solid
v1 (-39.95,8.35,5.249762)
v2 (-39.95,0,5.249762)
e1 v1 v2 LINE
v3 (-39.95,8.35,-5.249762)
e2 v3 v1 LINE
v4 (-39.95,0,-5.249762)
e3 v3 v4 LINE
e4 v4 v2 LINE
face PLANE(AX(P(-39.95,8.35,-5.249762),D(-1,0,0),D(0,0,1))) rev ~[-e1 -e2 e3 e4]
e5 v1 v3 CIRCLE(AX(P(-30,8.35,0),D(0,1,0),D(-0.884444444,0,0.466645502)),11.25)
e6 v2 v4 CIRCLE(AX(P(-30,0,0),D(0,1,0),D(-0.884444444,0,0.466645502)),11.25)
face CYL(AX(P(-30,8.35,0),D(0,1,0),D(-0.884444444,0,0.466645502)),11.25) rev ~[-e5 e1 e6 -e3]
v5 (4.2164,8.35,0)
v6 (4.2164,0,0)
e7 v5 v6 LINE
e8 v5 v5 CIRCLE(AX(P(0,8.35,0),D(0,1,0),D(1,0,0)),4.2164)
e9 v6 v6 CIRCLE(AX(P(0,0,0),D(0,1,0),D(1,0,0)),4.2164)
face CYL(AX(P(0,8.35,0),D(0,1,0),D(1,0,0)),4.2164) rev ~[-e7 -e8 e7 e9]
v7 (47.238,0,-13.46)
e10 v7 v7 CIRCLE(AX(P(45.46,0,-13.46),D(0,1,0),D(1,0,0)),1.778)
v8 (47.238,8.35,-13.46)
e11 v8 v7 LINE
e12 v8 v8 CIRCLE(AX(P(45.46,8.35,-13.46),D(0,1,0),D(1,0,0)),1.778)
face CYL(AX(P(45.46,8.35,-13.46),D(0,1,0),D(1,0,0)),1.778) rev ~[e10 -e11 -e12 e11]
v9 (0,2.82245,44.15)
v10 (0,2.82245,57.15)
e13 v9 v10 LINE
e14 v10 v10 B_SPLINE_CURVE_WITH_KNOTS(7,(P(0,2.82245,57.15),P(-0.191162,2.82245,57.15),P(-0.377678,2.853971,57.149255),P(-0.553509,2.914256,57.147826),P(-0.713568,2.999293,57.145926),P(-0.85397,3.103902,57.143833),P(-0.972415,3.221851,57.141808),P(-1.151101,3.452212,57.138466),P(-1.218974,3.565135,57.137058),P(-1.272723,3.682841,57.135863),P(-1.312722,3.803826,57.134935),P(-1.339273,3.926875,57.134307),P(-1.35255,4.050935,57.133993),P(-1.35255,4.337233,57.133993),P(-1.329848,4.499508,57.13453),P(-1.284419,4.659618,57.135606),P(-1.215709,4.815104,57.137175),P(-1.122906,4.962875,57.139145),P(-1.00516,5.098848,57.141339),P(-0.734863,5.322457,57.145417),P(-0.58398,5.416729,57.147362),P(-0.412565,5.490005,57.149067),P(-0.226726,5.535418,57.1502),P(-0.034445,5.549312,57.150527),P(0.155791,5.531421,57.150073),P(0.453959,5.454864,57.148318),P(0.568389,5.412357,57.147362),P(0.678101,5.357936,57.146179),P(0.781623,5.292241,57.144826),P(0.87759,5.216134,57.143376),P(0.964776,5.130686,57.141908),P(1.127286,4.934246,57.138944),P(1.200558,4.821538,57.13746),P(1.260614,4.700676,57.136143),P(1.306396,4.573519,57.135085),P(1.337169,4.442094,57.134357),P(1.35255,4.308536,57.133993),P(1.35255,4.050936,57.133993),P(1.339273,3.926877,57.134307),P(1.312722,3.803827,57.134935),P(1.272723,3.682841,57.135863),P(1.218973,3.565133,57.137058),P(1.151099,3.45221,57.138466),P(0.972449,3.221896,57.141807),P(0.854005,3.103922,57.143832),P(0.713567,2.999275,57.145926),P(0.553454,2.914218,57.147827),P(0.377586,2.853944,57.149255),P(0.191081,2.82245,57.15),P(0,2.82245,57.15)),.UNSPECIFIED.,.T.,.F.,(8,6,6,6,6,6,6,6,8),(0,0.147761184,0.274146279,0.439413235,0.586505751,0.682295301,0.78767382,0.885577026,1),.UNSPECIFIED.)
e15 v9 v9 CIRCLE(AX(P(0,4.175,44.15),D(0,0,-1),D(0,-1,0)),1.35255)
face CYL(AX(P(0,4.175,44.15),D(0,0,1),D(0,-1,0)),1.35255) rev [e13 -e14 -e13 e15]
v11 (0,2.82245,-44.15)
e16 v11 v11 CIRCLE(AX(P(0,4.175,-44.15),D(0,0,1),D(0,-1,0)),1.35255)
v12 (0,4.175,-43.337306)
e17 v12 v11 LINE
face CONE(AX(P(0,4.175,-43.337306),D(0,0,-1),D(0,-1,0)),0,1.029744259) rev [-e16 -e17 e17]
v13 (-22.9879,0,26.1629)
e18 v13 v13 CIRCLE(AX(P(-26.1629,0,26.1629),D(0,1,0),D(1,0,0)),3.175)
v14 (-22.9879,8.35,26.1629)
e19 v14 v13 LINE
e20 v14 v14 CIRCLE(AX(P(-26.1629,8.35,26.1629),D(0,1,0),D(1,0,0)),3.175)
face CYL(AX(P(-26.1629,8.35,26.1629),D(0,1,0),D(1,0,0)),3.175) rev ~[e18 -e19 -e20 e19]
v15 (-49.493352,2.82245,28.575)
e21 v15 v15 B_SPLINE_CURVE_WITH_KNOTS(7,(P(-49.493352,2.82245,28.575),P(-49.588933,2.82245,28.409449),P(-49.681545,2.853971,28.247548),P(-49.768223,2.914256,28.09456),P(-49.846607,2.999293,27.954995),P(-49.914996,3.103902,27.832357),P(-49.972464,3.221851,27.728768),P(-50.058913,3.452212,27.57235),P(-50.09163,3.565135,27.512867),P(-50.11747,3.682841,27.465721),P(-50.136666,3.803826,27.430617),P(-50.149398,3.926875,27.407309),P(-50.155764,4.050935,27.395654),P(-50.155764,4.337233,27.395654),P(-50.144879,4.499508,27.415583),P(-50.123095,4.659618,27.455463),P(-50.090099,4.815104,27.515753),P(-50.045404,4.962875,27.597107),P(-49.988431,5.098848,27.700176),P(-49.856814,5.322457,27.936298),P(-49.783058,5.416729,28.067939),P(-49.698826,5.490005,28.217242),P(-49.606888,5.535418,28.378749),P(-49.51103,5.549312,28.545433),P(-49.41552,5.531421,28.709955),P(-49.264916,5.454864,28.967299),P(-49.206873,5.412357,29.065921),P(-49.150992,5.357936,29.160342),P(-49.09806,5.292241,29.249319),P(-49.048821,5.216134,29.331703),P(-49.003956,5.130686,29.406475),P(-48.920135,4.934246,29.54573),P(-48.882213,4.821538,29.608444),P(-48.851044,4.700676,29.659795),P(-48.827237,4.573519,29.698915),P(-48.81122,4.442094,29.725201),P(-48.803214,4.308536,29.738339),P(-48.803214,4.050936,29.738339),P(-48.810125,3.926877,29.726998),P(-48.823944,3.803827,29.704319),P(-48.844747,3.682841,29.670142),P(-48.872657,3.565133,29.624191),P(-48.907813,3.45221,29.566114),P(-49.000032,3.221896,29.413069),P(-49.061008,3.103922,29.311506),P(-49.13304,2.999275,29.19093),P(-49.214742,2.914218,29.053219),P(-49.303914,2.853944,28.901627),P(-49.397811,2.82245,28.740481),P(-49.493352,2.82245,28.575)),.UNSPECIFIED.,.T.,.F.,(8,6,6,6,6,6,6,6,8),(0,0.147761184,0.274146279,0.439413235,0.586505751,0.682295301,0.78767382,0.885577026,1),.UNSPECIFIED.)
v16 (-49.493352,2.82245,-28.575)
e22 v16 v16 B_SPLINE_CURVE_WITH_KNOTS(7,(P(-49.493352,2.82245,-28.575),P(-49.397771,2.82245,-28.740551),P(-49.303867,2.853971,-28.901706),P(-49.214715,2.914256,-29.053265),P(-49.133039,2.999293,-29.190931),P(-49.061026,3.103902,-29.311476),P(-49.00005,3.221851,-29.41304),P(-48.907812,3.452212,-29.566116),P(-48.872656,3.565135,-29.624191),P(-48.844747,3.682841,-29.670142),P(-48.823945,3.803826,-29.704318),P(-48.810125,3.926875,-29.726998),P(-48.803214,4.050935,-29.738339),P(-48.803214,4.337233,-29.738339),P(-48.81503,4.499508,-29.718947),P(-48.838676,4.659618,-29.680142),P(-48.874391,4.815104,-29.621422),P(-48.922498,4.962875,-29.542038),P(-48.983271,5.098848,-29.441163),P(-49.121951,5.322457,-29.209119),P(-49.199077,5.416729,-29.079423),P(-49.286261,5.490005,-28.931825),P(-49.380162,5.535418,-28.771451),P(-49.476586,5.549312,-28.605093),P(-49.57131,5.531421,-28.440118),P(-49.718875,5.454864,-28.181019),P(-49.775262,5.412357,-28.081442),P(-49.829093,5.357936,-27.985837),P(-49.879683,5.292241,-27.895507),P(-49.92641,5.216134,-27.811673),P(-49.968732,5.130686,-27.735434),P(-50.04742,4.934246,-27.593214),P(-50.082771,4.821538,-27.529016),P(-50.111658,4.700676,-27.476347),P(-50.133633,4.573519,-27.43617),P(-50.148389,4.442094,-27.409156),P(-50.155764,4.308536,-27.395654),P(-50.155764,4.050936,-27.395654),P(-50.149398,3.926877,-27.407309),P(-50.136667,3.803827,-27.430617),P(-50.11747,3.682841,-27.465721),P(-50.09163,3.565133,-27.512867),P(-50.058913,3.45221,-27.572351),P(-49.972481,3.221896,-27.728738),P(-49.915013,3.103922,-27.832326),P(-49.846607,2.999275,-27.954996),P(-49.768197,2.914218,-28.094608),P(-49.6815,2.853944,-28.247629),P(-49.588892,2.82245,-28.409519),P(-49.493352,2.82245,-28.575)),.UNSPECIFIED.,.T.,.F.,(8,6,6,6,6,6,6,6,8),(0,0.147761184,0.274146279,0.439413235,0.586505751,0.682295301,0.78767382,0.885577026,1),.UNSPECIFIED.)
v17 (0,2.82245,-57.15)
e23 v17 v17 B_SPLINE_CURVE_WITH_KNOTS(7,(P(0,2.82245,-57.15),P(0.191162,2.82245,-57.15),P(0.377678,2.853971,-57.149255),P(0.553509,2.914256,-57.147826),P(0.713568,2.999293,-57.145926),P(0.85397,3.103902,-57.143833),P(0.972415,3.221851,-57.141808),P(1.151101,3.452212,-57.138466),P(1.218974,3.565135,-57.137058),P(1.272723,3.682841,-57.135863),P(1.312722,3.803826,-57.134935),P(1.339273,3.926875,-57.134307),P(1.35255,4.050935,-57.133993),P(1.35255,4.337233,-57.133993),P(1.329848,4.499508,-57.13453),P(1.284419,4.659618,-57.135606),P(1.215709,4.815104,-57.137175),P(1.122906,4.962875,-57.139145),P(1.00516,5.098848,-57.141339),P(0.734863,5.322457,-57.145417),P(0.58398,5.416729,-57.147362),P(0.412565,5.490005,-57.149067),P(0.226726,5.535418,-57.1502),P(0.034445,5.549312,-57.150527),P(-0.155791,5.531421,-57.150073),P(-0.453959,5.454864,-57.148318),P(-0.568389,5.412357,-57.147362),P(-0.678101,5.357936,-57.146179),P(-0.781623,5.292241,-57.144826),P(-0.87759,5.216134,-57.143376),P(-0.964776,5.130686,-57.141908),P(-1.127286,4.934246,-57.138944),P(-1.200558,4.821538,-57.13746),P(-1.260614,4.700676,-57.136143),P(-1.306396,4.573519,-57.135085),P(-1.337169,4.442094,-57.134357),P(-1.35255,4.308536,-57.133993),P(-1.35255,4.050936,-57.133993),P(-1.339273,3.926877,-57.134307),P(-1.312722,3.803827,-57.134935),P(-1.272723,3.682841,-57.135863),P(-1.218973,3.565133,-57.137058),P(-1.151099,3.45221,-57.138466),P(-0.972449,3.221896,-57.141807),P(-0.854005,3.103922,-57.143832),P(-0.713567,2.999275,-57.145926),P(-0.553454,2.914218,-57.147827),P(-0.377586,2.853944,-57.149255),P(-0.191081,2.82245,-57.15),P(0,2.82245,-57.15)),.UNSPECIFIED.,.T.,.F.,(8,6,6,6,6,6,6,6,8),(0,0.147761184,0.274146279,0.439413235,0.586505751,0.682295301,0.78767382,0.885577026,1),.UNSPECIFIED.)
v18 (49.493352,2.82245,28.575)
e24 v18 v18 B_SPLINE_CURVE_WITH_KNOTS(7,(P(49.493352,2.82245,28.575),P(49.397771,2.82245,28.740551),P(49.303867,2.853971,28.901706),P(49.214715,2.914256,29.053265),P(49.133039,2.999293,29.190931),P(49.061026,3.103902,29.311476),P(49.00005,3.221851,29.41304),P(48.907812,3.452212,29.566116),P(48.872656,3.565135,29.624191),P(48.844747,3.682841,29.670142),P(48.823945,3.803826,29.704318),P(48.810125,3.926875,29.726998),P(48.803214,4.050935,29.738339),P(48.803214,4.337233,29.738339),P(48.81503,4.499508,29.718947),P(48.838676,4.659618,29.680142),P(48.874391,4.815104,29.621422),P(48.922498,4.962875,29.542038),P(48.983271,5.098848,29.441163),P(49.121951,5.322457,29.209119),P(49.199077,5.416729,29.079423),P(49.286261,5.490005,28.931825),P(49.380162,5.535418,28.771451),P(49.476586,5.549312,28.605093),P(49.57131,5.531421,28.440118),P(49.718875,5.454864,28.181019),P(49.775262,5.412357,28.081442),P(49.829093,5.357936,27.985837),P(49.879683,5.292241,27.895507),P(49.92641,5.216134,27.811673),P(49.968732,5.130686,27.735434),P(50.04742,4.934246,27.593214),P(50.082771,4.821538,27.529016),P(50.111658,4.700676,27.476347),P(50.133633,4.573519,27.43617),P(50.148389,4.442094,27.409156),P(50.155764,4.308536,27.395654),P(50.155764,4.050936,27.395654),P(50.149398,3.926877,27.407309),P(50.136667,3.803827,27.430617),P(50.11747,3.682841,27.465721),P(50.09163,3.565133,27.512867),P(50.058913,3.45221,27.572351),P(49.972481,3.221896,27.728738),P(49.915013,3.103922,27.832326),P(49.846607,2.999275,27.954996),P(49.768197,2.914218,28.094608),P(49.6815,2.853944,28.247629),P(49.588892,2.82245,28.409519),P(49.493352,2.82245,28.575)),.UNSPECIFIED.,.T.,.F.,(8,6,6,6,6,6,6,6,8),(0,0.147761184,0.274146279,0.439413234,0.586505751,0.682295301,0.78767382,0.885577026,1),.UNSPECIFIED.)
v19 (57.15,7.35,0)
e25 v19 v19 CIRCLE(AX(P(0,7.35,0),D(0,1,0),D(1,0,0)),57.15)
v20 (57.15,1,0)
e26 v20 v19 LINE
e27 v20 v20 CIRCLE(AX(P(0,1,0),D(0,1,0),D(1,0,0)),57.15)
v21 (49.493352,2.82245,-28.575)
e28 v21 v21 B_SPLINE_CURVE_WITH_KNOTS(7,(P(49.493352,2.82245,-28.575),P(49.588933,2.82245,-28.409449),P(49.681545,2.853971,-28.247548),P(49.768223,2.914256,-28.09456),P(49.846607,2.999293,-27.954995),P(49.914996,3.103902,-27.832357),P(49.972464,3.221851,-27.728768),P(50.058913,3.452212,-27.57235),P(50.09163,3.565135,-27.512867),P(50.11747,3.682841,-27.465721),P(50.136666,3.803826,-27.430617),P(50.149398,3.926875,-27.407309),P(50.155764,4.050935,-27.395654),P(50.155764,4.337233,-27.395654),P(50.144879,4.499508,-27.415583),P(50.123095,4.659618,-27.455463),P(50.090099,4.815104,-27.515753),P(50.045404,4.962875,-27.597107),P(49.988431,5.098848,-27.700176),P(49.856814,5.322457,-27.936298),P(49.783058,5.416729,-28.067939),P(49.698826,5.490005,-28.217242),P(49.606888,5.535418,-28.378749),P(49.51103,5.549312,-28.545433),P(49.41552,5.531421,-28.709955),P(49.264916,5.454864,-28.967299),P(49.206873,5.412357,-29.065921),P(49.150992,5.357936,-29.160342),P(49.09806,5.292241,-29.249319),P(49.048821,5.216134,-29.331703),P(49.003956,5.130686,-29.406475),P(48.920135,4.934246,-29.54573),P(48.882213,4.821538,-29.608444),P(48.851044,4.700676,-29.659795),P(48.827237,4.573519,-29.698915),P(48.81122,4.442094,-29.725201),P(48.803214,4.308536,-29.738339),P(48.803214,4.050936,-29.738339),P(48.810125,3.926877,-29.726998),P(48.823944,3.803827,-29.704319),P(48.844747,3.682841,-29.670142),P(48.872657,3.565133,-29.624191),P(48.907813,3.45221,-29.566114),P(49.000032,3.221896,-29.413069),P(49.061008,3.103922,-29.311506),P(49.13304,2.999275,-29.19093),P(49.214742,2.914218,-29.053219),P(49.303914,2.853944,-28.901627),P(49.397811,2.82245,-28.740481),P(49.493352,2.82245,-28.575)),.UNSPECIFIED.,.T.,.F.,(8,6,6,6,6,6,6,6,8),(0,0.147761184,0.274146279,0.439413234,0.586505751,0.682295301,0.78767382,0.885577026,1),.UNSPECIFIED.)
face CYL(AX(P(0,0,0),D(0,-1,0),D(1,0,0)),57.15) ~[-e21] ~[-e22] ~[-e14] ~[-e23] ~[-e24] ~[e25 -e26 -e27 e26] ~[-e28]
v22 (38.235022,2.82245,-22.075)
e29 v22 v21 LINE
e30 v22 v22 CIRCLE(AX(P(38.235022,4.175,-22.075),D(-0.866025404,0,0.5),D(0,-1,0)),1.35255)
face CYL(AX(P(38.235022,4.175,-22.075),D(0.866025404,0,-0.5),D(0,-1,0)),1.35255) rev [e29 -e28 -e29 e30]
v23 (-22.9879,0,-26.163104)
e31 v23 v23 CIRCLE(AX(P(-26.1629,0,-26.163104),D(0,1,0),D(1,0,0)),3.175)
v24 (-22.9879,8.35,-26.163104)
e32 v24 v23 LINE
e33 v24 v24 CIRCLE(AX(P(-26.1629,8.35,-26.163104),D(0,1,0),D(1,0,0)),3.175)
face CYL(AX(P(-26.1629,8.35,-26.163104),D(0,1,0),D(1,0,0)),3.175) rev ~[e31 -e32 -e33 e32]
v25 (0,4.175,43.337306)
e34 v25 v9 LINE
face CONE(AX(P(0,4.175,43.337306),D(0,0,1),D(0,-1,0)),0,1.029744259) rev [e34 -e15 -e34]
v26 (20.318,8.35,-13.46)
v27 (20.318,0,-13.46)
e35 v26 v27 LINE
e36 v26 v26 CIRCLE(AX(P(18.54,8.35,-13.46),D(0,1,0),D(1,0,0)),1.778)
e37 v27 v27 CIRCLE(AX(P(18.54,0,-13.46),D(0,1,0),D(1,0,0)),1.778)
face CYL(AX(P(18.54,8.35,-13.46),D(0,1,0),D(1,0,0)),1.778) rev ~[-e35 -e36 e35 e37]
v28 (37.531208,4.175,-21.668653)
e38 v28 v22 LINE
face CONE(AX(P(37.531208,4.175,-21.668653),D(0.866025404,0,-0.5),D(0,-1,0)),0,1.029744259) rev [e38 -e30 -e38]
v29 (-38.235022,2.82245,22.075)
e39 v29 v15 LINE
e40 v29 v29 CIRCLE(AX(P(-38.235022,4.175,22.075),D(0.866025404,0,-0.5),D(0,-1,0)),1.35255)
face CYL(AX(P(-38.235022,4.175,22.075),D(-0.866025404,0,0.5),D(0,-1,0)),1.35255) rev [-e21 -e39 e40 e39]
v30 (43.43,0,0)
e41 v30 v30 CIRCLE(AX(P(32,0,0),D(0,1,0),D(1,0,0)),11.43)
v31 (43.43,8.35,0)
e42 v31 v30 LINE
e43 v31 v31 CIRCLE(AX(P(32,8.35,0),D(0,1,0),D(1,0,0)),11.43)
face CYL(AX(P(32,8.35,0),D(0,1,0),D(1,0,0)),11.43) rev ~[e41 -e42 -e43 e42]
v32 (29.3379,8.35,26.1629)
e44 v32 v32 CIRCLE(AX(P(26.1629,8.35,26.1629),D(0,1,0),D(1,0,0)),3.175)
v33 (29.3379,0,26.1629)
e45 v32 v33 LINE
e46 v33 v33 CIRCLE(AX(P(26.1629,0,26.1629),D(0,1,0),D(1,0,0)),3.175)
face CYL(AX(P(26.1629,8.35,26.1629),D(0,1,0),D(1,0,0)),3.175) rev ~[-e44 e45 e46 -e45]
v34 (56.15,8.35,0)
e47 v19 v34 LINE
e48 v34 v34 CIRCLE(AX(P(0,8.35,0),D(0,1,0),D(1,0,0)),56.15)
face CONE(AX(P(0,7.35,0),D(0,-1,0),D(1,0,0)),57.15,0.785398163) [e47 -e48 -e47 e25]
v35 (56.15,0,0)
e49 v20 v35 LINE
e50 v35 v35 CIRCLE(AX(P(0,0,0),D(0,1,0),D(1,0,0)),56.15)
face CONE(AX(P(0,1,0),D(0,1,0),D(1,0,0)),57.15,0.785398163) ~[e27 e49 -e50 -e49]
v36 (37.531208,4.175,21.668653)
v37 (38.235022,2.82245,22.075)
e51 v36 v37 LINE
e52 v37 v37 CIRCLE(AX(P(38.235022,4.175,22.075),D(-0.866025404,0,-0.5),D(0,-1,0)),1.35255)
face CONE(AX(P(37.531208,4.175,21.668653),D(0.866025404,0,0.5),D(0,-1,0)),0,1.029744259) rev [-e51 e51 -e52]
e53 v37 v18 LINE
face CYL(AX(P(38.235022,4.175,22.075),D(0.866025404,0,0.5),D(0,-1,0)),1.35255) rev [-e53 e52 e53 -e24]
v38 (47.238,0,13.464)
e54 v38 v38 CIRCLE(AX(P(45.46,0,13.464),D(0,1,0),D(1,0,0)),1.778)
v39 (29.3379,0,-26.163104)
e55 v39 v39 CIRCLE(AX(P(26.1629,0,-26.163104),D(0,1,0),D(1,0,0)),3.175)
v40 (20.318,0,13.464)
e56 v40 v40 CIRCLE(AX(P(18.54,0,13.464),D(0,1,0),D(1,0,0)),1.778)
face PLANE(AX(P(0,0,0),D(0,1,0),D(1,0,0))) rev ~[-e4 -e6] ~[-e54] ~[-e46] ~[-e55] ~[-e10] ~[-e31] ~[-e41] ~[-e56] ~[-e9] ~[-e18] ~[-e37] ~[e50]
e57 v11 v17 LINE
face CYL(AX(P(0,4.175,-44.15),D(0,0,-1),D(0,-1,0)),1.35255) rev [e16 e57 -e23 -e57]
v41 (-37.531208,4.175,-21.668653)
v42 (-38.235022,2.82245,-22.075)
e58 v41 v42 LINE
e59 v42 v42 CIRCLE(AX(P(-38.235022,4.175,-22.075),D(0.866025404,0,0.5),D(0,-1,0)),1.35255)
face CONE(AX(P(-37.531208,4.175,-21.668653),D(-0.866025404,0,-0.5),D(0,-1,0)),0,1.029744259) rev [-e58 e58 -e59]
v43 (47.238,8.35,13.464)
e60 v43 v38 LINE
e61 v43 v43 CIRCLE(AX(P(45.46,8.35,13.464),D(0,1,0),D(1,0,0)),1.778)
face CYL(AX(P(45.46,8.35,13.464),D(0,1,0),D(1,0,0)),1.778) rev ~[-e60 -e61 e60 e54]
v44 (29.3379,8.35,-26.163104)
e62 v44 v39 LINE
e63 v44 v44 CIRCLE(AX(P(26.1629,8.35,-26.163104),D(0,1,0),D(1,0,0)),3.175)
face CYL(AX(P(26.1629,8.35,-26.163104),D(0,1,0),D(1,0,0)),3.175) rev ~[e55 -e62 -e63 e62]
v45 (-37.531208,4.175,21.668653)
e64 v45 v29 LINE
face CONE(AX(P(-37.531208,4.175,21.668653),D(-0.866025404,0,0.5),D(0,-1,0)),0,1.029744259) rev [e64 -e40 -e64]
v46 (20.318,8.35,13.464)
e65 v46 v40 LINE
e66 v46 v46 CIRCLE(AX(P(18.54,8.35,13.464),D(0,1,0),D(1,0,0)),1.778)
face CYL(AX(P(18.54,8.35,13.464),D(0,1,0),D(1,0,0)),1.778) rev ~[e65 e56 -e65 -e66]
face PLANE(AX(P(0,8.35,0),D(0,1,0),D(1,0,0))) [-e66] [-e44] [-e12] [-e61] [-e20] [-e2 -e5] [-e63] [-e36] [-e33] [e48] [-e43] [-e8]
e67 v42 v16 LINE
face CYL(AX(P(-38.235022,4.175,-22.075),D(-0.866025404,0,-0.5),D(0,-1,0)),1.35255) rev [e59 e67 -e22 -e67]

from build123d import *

# Parameters (mm, degrees)
SKETCH2_R           = 57.15
BOSS_EXTRUDE1_DEPTH = 8.35
CUT_EXTRUDE1_REACH  = 10.35
SKETCH6_R           = 3.175
SKETCH7_R           = 11.43
SKETCH7_R_2         = 1.778
CUT_EXTRUDE2_DEPTH  = 9.35
SKETCH8_R           = 4.2164
CUT_EXTRUDE3_DEPTH  = 9.35
CHAMFER1_SIZE       = 1
CIRPATTERN1_COUNT   = 6


with BuildPart() as part:
    # Sketch2 → Boss-Extrude1 (new body)
    with BuildSketch(Plane(origin=(0, 0, 0), x_dir=(1, 0, 0), z_dir=(0, 1, 0))):
        Circle(SKETCH2_R)
    extrude(amount=BOSS_EXTRUDE1_DEPTH)

    # Sketch6 → Cut-Extrude1 (cut, up to next)
    with BuildSketch(Plane(origin=(0, 8.35, 0), x_dir=(1, 0, 0), z_dir=(0, 1, 0)), mode=Mode.PRIVATE) as cut_extrude1_sk1:
        with Locations((-26.1629, -26.1629)):
            Circle(SKETCH6_R)
    cut_extrude1_tool1 = extrude(cut_extrude1_sk1.sketch, amount=-CUT_EXTRUDE1_REACH, mode=Mode.PRIVATE) & part.part
    add(cut_extrude1_tool1.solids().sort_by_distance((-26.1629, 8.35, 26.1629))[0], mode=Mode.SUBTRACT)
    # Sketch6 → Cut-Extrude1 (cut, up to next)
    with BuildSketch(Plane(origin=(0, 8.35, 0), x_dir=(1, 0, 0), z_dir=(0, 1, 0)), mode=Mode.PRIVATE) as cut_extrude1_sk2:
        with Locations((26.1629, -26.1629)):
            Circle(SKETCH6_R)
    cut_extrude1_tool2 = extrude(cut_extrude1_sk2.sketch, amount=-CUT_EXTRUDE1_REACH, mode=Mode.PRIVATE) & part.part
    add(cut_extrude1_tool2.solids().sort_by_distance((26.1629, 8.35, 26.1629))[0], mode=Mode.SUBTRACT)
    # Sketch6 → Cut-Extrude1 (cut, up to next)
    with BuildSketch(Plane(origin=(0, 8.35, 0), x_dir=(1, 0, 0), z_dir=(0, 1, 0)), mode=Mode.PRIVATE) as cut_extrude1_sk3:
        with Locations((-26.1629, 26.163103615)):
            Circle(SKETCH6_R)
    cut_extrude1_tool3 = extrude(cut_extrude1_sk3.sketch, amount=-CUT_EXTRUDE1_REACH, mode=Mode.PRIVATE) & part.part
    add(cut_extrude1_tool3.solids().sort_by_distance((-26.1629, 8.35, -26.163104))[0], mode=Mode.SUBTRACT)
    # Sketch6 → Cut-Extrude1 (cut, up to next)
    with BuildSketch(Plane(origin=(0, 8.35, 0), x_dir=(1, 0, 0), z_dir=(0, 1, 0)), mode=Mode.PRIVATE) as cut_extrude1_sk4:
        with Locations((26.1629, 26.163103615)):
            Circle(SKETCH6_R)
    cut_extrude1_tool4 = extrude(cut_extrude1_sk4.sketch, amount=-CUT_EXTRUDE1_REACH, mode=Mode.PRIVATE) & part.part
    add(cut_extrude1_tool4.solids().sort_by_distance((26.1629, 8.35, -26.163104))[0], mode=Mode.SUBTRACT)

    # Sketch7 → Cut-Extrude2 (cut, through all)
    with BuildSketch(Plane(origin=(0, 8.35, 0), x_dir=(1, 0, 0), z_dir=(0, 1, 0))):
        with Locations((32, 0)):
            Circle(SKETCH7_R)
        with Locations((18.54, -13.464)):
            Circle(SKETCH7_R_2)
        with Locations((18.54, 13.46)):
            Circle(SKETCH7_R_2)
        with Locations((45.46, 13.46)):
            Circle(SKETCH7_R_2)
        with Locations((45.46, -13.464)):
            Circle(SKETCH7_R_2)
    extrude(amount=-CUT_EXTRUDE2_DEPTH, mode=Mode.SUBTRACT)

    # Sketch8 → Cut-Extrude3 (cut, through all)
    with BuildSketch(Plane(origin=(0, 8.35, 0), x_dir=(1, 0, 0), z_dir=(0, 1, 0))):
        Circle(SKETCH8_R)
        with BuildLine():
            Line((-39.95, 5.249761899), (-39.95, -5.249761899))
            ThreePointArc((-39.95, -5.249761899), (-18.75, 0), (-39.95, 5.249761899))
        make_face()
    extrude(amount=-CUT_EXTRUDE3_DEPTH, mode=Mode.SUBTRACT)

    # Chamfer1
    chamfer1_edges = [part.edges().sort_by_distance(p)[0] for p in [
        (-57.15, 0, 0),
        (-57.15, 8.35, 0),
    ]]
    chamfer(chamfer1_edges, length=CHAMFER1_SIZE)

    # Sketch11 → #6-32 Tapped Hole1 (revolve, cut)
    with BuildSketch(Plane(origin=(0, 4.175, 57.15), x_dir=(0, -1, 0), z_dir=(1, 0, 0))):
        Polygon((0, 0), (0, 13.81269403), (1.35255, 13), (1.35255, 0), align=None)
    f_6_32_tapped_hole1 = revolve(axis=Axis((0, 4.175, 63.5), (0, 0, -1)), mode=Mode.SUBTRACT)

    # CirPattern1: #6-32 Tapped Hole1 ×6 about axis
    cirpattern1_axis = Axis((0, 1, 0), (0, 1, 0))
    for i in range(1, CIRPATTERN1_COUNT):
        add(f_6_32_tapped_hole1.rotate(cirpattern1_axis, i * 360 / CIRPATTERN1_COUNT), mode=Mode.SUBTRACT)


solid = part.part
